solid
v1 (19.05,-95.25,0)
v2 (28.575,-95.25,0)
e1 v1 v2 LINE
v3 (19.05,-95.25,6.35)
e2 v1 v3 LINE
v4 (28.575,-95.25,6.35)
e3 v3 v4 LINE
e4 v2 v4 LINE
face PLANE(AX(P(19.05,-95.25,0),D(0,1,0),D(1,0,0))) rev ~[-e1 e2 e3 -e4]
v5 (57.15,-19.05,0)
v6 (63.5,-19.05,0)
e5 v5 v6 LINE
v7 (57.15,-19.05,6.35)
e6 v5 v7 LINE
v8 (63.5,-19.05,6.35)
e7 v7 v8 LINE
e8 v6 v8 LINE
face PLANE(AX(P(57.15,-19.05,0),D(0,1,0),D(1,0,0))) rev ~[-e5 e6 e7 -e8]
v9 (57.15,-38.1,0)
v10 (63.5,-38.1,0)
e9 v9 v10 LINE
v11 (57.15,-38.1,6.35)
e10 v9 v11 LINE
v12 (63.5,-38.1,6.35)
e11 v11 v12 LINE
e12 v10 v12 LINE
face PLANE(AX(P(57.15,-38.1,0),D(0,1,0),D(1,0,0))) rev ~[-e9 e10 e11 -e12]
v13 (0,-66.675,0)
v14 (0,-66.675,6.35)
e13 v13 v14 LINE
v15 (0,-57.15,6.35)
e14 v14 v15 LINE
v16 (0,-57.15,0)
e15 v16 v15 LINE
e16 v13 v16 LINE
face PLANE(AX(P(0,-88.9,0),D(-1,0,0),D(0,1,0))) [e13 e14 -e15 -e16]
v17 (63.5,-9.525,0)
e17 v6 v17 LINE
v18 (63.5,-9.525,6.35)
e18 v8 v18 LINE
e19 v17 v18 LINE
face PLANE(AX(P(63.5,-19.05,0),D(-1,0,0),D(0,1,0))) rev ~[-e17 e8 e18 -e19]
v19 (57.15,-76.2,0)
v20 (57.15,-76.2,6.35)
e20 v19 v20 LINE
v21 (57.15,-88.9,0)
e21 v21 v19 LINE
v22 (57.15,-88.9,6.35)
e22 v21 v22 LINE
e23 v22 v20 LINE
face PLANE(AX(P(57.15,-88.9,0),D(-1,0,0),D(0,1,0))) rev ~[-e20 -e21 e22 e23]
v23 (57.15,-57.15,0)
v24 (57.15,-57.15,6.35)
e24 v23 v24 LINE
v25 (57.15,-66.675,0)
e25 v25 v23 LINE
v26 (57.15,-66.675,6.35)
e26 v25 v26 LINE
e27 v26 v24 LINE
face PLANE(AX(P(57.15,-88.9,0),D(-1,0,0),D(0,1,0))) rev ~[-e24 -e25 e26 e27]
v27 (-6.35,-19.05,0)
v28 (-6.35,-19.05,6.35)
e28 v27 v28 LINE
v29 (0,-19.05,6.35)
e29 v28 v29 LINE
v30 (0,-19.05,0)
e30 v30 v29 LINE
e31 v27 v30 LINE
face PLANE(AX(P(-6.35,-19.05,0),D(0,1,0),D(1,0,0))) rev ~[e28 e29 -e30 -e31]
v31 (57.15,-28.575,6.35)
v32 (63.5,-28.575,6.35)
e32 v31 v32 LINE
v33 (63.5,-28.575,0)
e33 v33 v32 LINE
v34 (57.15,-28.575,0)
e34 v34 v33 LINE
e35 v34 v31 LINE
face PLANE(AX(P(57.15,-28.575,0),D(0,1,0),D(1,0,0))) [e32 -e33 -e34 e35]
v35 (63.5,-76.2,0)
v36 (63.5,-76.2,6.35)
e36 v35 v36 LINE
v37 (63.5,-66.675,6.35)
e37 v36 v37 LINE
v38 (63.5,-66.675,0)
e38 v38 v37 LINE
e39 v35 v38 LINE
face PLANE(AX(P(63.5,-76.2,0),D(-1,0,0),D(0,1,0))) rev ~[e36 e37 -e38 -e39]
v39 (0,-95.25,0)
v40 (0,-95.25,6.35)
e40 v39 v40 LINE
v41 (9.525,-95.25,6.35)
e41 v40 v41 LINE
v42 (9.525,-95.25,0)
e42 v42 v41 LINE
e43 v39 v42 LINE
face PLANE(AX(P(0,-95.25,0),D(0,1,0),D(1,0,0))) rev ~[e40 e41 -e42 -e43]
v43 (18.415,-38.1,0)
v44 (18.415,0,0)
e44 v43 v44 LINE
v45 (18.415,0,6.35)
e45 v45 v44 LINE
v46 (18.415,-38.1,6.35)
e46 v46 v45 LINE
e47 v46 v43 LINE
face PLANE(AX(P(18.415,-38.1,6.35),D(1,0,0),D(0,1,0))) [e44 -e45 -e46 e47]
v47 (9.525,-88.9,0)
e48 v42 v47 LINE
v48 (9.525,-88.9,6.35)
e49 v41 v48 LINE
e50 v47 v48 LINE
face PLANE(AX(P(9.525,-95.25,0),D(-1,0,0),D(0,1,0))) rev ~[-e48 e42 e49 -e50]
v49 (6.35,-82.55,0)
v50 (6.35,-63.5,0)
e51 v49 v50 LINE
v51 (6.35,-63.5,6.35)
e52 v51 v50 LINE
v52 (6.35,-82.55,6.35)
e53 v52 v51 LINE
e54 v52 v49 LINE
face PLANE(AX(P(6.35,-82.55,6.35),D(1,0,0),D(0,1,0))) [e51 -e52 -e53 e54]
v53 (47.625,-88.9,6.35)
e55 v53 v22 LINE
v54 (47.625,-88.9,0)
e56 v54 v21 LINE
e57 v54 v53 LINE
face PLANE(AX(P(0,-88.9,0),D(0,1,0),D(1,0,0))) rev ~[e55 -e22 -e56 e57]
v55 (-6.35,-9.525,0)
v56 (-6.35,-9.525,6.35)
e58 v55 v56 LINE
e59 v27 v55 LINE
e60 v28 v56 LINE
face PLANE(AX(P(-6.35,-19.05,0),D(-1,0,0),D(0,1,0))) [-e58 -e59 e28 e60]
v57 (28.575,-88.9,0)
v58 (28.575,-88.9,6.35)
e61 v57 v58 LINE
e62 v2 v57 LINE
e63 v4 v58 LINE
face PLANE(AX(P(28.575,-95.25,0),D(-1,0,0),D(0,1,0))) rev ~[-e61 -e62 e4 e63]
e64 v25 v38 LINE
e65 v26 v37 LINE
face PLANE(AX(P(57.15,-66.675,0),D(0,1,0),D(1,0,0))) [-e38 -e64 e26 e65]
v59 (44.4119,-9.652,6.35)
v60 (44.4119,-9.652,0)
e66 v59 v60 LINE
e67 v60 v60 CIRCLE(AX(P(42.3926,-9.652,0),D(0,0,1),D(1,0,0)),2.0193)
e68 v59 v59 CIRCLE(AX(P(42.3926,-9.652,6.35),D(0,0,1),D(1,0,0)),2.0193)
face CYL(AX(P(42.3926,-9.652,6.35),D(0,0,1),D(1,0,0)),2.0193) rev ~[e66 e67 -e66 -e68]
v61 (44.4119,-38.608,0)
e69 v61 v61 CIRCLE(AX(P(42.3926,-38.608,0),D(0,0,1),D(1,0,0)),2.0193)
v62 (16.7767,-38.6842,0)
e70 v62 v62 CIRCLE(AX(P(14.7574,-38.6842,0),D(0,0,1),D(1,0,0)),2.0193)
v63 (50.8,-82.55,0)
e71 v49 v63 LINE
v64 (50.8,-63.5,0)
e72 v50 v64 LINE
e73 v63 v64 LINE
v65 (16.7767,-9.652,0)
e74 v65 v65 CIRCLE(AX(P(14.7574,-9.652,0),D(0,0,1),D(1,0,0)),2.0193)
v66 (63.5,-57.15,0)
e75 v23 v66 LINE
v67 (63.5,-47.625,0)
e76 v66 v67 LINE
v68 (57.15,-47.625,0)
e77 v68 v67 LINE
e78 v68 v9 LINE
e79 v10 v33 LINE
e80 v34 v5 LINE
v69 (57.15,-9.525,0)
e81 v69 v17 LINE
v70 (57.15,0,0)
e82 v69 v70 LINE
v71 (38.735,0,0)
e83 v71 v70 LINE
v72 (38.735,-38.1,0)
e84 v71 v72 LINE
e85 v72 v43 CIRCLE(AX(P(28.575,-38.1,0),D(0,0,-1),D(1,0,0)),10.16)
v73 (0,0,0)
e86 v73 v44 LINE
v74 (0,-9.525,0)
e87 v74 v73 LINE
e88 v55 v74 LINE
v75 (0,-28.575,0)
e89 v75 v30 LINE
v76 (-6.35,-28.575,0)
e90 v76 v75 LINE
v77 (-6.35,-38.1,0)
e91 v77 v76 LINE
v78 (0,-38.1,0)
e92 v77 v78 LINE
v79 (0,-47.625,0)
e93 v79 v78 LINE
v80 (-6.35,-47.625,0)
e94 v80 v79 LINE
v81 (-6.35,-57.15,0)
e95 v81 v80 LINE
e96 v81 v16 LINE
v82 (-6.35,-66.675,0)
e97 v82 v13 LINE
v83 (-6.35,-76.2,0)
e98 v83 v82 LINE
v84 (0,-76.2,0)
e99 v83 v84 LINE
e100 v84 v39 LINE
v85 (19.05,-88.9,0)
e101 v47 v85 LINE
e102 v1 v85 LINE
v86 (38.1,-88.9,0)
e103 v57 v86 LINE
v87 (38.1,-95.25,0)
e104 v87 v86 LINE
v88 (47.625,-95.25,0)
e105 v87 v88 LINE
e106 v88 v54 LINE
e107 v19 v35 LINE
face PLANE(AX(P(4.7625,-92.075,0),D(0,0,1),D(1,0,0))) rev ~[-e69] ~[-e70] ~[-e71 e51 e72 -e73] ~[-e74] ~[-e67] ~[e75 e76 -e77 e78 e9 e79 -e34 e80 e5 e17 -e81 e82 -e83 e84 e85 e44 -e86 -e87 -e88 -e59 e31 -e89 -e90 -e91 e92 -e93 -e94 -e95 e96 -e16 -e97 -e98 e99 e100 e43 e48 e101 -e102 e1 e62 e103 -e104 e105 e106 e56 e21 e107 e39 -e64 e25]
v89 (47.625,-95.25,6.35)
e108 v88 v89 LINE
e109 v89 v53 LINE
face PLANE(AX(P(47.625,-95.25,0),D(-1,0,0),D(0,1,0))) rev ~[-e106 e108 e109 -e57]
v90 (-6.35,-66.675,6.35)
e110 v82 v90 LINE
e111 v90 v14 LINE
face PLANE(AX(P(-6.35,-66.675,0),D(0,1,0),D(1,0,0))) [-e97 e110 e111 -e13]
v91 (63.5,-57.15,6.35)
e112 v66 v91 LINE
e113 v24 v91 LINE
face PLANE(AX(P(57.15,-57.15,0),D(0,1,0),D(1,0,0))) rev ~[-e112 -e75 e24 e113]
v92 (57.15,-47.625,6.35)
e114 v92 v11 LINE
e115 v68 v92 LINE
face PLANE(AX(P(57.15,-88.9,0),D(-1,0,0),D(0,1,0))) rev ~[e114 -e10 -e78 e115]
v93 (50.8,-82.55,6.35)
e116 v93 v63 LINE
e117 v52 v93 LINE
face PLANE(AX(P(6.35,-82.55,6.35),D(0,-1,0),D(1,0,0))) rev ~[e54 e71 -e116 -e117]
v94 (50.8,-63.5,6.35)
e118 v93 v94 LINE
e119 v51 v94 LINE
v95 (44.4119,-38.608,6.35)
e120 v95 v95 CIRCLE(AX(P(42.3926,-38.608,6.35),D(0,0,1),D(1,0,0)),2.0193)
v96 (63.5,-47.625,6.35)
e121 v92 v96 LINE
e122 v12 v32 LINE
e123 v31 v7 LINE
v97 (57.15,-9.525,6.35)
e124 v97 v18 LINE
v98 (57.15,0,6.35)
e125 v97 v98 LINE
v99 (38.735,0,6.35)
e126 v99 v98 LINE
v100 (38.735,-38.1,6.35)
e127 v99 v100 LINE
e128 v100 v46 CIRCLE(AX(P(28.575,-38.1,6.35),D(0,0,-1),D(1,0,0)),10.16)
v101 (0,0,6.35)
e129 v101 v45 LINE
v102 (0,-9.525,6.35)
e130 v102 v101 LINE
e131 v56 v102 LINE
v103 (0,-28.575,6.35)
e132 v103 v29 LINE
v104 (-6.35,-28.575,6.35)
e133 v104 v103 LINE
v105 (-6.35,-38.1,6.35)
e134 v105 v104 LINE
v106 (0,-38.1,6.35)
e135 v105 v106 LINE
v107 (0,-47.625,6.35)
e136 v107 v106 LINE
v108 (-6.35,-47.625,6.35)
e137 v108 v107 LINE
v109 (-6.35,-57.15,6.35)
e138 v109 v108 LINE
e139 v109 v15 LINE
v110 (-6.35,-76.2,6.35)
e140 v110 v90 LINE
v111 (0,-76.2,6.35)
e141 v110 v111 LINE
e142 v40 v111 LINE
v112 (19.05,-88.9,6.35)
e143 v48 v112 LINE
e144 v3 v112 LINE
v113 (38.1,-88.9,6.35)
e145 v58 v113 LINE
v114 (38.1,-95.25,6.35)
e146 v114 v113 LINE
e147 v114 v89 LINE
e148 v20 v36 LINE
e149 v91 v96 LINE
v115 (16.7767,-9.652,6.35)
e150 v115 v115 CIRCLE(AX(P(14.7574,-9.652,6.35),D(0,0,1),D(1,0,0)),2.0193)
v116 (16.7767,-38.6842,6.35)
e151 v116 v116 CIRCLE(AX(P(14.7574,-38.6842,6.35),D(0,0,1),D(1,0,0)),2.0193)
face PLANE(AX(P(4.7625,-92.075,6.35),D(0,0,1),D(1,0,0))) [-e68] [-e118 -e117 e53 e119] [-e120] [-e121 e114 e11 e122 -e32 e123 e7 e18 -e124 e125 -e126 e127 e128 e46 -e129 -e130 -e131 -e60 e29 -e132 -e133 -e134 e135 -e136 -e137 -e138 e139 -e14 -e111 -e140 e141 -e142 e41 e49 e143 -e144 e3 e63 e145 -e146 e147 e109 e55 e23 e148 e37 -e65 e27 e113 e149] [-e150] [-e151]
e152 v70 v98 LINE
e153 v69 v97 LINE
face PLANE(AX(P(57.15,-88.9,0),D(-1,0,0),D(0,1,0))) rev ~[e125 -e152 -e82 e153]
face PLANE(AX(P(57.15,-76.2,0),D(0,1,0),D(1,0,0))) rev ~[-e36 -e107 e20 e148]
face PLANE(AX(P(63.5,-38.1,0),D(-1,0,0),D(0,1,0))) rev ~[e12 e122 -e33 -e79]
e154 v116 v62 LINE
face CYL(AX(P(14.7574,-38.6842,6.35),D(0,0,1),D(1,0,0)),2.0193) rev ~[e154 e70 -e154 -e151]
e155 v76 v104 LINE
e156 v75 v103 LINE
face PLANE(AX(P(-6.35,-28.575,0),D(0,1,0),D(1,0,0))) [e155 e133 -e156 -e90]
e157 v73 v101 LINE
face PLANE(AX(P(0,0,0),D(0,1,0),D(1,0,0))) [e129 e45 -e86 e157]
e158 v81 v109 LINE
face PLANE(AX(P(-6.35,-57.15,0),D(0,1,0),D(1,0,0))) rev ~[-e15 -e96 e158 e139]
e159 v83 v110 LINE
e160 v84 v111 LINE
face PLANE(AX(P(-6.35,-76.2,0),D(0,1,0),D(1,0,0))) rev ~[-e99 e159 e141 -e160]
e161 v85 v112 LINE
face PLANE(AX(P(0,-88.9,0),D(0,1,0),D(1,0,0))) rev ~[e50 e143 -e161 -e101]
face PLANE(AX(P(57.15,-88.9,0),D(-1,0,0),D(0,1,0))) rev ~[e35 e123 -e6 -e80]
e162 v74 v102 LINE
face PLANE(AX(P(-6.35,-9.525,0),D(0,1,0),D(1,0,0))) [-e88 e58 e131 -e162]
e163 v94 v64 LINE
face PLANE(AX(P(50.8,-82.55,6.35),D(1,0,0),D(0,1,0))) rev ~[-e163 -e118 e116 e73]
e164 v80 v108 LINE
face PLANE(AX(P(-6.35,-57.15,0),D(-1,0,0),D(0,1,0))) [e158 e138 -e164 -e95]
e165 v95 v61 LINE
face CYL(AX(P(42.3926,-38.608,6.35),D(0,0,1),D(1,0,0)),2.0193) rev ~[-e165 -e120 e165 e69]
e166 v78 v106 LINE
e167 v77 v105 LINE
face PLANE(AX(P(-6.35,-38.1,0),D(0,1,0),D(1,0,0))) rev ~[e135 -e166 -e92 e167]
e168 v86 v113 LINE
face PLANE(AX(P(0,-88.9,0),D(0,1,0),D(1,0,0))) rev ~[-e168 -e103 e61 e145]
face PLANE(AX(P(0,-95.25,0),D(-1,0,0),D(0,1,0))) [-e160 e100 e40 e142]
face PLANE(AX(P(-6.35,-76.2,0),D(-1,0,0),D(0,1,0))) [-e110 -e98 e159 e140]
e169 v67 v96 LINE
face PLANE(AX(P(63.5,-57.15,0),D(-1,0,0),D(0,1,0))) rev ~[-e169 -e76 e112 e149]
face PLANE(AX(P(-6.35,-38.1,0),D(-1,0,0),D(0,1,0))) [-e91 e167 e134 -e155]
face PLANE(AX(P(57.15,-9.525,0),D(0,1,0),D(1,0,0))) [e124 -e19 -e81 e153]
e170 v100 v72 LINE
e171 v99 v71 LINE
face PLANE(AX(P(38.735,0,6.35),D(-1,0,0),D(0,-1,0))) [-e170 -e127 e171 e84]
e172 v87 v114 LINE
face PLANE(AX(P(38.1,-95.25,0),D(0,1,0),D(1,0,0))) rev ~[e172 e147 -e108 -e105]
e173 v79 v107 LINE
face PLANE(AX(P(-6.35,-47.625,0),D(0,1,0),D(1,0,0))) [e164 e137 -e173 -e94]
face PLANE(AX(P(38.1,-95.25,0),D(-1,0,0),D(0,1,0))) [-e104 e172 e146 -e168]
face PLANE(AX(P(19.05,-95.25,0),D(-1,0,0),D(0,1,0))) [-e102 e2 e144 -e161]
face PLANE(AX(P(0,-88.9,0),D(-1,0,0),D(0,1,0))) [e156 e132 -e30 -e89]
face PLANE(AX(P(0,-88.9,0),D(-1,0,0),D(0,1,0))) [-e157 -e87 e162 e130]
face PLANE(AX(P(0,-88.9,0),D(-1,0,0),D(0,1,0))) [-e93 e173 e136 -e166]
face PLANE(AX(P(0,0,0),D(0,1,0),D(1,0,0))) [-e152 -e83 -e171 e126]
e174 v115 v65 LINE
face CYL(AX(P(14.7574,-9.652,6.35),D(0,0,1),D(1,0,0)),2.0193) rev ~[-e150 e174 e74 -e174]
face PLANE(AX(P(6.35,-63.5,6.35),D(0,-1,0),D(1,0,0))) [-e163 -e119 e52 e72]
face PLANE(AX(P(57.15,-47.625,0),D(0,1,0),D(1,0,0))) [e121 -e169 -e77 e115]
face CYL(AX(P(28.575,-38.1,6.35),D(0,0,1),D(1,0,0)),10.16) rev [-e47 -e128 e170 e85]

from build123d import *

# Parameters (mm, degrees)
SKETCH1_W           = 57.15
SKETCH1_H           = 88.9
BOSS_EXTRUDE1_DEPTH = 6.35
SKETCH2_R           = 2.0193
SKETCH2_W           = 44.45
SKETCH2_H           = 19.05
CUT_EXTRUDE1_DEPTH  = 6.35
SKETCH3_W           = 6.35
SKETCH3_H           = 9.525
SKETCH3_W_2         = 9.525
SKETCH3_H_2         = 6.35
BOSS_EXTRUDE3_DEPTH = 6.35


with BuildPart() as part:
    # Sketch1 → Boss-Extrude1 (new body)
    with BuildSketch(Plane.XY):
        with Locations((28.575, -44.45)):
            Rectangle(SKETCH1_W, SKETCH1_H)
    extrude(amount=BOSS_EXTRUDE1_DEPTH)

    # Sketch2 → Cut-Extrude1 (cut)
    with BuildSketch(Plane.XY.offset(6.35)):
        with Locations((42.3926, -9.652)):
            Circle(SKETCH2_R)
        with Locations((42.3926, -38.608)):
            Circle(SKETCH2_R)
        with Locations((14.7574, -38.6842)):
            Circle(SKETCH2_R)
        with Locations((14.7574, -9.652)):
            Circle(SKETCH2_R)
        with BuildLine():
            Line((38.735, 0), (38.735, -38.1))
            ThreePointArc((38.735, -38.1), (28.575, -48.26), (18.415, -38.1))
            Line((18.415, -38.1), (18.415, 0))
            ThreePointArc((18.415, 0), (28.575, 10.16), (38.735, 0))
        make_face()
        with Locations((28.575, -73.025)):
            Rectangle(SKETCH2_W, SKETCH2_H)
    extrude(amount=-CUT_EXTRUDE1_DEPTH, mode=Mode.SUBTRACT)

    # Sketch3 → Boss-Extrude3 (add)
    with BuildSketch(Plane.XY):
        with Locations((-3.175, -14.2875)):
            Rectangle(SKETCH3_W, SKETCH3_H)
        with Locations((-3.175, -33.3375)):
            Rectangle(SKETCH3_W, SKETCH3_H)
        with Locations((-3.175, -52.3875)):
            Rectangle(SKETCH3_W, SKETCH3_H)
        with Locations((-3.175, -71.4375)):
            Rectangle(SKETCH3_W, SKETCH3_H)
        with Locations((4.7625, -92.075)):
            Rectangle(SKETCH3_W_2, SKETCH3_H_2)
        with Locations((60.325, -71.4375)):
            Rectangle(SKETCH3_W, SKETCH3_H)
        with Locations((60.325, -52.3875)):
            Rectangle(SKETCH3_W, SKETCH3_H)
        with Locations((60.325, -33.3375)):
            Rectangle(SKETCH3_W, SKETCH3_H)
        with Locations((60.325, -14.2875)):
            Rectangle(SKETCH3_W, SKETCH3_H)
        with Locations((23.8125, -92.075)):
            Rectangle(SKETCH3_W_2, SKETCH3_H_2)
        with Locations((42.8625, -92.075)):
            Rectangle(SKETCH3_W_2, SKETCH3_H_2)
    extrude(amount=BOSS_EXTRUDE3_DEPTH)


solid = part.part
